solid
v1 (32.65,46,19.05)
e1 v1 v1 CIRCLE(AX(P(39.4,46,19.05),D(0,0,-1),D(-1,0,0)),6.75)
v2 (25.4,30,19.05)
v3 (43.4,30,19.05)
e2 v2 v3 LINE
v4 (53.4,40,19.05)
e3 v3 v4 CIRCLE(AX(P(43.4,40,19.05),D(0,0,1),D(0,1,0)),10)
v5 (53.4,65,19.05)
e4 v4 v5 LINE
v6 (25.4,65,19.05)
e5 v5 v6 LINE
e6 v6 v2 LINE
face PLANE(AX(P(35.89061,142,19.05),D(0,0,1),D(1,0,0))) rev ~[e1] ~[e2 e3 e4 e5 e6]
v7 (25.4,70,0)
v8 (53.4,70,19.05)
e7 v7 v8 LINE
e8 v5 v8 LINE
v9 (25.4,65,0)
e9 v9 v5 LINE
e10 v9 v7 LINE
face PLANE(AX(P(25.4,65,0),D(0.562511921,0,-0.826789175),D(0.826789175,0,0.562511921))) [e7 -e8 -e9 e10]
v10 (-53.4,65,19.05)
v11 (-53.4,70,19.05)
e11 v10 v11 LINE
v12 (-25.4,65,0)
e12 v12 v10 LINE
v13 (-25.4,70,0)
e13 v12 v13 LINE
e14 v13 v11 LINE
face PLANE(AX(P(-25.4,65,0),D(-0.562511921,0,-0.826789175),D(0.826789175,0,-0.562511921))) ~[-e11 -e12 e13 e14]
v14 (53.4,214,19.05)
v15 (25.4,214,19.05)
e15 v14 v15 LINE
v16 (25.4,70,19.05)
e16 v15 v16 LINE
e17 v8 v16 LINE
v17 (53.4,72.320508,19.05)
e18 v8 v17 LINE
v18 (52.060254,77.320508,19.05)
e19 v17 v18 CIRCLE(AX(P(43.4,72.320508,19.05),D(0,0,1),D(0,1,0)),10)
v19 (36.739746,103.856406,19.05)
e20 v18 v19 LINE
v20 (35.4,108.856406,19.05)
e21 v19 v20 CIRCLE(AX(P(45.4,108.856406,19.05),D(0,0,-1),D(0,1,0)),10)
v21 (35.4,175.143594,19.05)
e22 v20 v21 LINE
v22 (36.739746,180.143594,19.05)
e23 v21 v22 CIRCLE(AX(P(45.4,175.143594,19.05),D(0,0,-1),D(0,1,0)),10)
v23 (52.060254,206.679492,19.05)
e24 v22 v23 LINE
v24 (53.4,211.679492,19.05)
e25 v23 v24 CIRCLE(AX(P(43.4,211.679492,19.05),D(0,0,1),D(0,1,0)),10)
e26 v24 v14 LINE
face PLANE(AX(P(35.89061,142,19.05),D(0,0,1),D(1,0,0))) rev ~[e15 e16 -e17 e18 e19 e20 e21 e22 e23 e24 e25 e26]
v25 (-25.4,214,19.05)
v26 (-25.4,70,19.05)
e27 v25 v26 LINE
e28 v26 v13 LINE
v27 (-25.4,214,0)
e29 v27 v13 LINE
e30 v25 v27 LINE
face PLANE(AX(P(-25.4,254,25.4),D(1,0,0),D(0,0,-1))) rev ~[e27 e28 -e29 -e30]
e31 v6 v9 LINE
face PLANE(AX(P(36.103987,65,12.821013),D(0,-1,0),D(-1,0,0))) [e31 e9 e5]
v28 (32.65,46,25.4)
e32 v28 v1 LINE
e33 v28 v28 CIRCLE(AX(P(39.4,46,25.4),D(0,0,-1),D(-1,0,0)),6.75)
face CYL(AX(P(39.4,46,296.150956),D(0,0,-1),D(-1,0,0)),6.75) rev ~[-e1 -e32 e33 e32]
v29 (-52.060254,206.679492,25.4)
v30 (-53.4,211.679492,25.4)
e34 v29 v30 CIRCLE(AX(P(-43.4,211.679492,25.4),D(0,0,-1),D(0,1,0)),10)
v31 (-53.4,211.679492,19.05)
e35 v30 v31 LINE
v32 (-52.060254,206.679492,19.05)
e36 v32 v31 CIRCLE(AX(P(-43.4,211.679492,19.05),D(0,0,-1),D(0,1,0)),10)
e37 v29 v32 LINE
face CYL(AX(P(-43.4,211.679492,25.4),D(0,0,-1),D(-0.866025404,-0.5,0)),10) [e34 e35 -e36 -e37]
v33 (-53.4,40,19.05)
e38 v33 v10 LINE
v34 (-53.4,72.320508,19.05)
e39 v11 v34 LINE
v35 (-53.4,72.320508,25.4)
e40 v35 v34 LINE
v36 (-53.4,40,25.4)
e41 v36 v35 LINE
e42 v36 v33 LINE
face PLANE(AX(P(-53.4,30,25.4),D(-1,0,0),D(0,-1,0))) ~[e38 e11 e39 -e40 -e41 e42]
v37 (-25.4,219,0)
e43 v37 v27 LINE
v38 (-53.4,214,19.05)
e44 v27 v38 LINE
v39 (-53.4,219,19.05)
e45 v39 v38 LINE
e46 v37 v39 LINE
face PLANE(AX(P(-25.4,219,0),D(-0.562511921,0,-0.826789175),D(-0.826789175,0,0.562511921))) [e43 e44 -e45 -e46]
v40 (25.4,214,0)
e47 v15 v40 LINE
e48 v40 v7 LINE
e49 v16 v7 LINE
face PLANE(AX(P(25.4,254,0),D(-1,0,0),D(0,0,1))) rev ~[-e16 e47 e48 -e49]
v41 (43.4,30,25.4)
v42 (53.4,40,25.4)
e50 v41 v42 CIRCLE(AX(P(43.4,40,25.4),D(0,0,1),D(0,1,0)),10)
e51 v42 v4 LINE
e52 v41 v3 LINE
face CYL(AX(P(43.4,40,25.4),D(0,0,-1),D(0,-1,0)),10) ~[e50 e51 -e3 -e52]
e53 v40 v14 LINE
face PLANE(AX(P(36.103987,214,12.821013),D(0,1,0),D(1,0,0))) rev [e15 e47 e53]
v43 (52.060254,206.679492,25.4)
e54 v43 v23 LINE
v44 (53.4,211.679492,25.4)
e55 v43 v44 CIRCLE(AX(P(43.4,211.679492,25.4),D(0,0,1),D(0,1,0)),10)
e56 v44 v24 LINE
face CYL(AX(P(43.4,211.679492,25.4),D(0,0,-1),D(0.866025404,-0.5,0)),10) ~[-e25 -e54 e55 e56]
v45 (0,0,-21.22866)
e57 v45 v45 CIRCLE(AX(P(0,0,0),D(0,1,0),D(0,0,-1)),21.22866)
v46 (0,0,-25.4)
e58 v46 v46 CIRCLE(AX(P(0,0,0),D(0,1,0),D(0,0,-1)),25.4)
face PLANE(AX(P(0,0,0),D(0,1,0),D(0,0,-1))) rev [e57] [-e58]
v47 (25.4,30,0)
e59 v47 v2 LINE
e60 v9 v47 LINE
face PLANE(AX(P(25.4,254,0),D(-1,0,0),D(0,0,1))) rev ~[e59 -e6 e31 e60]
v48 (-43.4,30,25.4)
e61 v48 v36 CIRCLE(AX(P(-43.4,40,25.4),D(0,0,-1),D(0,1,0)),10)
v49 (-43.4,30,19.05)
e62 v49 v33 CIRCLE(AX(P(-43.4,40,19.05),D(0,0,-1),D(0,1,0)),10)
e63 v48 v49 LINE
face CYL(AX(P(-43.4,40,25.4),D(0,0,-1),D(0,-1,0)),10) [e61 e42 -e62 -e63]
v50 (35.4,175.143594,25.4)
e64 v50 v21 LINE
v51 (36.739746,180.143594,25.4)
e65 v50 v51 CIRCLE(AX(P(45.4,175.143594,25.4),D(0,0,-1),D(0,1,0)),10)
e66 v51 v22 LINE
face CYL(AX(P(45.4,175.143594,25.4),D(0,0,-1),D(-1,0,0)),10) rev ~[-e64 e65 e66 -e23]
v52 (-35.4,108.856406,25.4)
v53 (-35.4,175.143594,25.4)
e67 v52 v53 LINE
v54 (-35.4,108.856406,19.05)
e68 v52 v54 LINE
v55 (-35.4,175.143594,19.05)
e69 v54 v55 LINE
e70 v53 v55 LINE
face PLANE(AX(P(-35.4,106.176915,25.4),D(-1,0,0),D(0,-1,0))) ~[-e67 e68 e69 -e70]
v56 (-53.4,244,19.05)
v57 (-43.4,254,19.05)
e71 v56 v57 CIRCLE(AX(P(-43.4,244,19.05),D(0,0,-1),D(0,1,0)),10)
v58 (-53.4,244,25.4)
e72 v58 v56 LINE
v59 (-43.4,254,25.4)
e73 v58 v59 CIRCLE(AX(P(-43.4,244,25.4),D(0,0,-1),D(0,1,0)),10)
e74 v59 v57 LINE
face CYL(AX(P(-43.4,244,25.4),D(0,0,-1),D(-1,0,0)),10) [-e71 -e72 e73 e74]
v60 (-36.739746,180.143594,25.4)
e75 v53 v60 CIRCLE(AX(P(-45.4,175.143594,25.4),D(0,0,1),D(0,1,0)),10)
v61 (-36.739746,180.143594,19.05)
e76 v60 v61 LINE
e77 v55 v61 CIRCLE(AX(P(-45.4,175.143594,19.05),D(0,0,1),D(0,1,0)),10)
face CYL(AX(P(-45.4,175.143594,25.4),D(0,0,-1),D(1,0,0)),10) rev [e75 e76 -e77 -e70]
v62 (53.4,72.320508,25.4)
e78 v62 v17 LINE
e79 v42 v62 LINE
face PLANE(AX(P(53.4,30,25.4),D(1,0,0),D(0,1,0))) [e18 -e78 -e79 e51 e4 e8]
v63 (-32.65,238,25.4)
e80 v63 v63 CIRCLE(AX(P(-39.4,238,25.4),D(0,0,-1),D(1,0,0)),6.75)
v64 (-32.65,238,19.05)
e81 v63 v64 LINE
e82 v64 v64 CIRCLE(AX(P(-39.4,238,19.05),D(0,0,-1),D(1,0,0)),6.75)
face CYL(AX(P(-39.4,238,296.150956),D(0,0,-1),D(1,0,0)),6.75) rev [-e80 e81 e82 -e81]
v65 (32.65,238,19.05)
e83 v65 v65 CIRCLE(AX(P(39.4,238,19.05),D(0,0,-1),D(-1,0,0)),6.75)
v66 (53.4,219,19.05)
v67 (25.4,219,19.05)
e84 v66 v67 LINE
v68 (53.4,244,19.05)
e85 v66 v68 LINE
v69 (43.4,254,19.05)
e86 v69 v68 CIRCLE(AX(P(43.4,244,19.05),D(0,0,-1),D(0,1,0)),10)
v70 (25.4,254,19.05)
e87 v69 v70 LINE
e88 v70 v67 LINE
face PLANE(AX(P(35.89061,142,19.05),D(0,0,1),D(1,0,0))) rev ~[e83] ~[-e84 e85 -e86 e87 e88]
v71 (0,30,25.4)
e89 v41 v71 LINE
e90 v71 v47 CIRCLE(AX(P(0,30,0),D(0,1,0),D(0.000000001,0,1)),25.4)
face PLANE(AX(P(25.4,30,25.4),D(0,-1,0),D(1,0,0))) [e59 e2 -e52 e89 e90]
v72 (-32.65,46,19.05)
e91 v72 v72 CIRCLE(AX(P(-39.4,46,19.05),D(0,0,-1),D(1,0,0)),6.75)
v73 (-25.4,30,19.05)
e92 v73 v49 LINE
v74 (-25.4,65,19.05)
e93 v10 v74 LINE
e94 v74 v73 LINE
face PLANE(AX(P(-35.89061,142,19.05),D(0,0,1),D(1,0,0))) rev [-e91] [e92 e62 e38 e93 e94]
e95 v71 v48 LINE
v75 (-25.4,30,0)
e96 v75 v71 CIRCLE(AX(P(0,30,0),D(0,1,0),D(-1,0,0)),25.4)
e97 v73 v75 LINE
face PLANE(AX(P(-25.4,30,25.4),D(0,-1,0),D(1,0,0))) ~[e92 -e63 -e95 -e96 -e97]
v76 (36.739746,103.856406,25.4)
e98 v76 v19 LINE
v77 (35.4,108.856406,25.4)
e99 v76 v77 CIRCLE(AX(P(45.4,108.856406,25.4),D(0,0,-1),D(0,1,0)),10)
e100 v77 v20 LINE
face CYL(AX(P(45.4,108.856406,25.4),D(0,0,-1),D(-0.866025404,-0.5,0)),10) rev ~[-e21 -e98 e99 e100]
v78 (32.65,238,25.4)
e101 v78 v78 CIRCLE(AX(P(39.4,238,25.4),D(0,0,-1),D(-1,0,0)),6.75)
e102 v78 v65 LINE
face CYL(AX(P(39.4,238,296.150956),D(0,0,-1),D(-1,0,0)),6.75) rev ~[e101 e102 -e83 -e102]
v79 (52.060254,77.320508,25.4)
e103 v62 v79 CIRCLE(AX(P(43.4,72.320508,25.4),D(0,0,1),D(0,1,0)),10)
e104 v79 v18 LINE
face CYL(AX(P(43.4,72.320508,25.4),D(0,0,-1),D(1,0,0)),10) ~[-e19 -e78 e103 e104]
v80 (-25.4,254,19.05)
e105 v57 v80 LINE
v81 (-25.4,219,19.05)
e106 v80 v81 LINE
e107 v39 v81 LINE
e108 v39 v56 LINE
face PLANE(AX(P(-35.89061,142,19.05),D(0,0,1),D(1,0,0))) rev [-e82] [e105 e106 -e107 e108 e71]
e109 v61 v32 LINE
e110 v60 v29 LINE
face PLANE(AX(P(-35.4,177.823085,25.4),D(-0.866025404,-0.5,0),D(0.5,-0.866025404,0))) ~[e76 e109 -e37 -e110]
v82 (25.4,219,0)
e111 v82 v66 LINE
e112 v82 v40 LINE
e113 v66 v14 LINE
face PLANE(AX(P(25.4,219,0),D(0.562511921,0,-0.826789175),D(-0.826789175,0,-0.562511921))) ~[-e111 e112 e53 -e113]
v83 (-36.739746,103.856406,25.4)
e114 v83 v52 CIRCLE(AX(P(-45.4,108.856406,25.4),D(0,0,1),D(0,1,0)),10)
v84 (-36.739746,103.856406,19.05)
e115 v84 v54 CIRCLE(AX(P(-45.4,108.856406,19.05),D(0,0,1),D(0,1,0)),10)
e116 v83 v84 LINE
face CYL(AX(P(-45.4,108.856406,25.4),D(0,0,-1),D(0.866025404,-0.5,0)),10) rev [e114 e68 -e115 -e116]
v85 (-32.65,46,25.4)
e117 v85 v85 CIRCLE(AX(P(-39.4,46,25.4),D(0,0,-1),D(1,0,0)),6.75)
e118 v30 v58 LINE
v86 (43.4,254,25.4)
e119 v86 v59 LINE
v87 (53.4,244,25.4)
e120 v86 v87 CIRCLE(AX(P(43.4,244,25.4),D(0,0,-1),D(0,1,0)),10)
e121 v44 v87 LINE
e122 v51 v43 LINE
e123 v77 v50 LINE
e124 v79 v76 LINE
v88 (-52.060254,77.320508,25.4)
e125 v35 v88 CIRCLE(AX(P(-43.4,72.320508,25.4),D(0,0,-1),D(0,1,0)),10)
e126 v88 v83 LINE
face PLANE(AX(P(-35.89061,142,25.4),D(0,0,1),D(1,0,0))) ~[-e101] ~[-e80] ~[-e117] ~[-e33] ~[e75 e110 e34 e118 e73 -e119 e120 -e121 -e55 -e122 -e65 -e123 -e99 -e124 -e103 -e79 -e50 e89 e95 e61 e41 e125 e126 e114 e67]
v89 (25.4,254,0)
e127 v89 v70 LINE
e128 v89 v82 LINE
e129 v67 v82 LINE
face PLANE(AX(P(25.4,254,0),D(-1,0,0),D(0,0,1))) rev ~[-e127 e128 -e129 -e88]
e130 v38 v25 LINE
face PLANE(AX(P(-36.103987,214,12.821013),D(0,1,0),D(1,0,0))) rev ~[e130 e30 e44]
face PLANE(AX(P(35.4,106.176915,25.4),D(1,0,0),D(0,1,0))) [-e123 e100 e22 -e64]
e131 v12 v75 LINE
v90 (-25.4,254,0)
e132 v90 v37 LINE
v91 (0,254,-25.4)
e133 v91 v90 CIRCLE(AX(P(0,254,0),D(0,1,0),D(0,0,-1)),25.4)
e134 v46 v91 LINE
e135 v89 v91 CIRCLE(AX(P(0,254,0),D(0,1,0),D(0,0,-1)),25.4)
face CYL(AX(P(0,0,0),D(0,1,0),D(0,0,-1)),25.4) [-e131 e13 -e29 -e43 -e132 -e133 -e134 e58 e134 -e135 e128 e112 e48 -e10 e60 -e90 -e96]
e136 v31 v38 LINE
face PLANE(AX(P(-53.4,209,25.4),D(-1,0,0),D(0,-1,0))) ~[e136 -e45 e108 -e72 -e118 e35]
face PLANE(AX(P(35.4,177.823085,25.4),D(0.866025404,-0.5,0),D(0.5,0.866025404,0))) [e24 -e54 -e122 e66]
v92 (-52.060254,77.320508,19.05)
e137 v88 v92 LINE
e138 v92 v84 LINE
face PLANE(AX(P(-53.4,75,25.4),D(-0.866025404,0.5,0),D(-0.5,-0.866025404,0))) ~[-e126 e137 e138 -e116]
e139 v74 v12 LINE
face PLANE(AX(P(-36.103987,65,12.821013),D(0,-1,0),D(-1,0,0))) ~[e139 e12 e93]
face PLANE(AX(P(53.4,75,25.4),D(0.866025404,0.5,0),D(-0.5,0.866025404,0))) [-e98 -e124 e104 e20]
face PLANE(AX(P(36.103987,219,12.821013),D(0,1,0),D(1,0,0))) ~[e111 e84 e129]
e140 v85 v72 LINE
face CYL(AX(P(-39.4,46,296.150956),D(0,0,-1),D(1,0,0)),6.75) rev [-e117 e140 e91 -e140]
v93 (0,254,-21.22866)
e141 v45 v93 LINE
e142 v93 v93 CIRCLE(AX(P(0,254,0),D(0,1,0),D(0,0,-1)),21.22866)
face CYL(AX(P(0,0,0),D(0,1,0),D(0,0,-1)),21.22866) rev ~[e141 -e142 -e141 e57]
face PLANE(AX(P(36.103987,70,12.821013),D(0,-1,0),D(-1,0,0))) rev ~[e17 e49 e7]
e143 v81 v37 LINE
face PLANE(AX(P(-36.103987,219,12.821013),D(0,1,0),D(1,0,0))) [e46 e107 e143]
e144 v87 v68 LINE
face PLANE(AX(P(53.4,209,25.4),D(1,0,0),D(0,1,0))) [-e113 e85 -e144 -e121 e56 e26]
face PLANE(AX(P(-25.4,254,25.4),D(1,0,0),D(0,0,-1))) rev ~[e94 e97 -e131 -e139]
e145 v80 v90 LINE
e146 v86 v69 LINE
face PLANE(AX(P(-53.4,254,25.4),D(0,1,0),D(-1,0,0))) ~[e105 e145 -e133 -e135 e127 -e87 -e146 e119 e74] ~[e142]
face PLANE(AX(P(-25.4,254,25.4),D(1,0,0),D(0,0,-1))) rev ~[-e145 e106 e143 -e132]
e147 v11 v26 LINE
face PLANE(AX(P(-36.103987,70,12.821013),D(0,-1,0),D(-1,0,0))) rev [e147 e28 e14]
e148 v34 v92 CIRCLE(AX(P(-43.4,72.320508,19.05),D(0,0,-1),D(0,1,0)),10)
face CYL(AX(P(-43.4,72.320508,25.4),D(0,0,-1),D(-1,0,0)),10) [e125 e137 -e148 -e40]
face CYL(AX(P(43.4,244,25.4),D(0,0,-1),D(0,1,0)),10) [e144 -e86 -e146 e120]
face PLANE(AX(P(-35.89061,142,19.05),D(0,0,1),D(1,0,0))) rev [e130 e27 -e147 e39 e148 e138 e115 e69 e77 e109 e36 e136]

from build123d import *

# Parameters (mm, degrees)
BOSS_EXTRUDE1_START   = -224
BOSS_EXTRUDE1_DEPTH   = 224
BOSS_EXTRUDE2_DEPTH   = 6.35
BOSS_EXTRUDE3_DEPTH   = 5
M12_CLEARANCE_HOLE1_D = 13.5
FILLET1_R             = 10
MIRROR1_COPY_1_DEPTH  = 5
FILLET1_OF_MIRROR1_R  = 10


with BuildPart() as part:
    # Sketch12 → Revolve1 (revolve)
    with BuildSketch(Plane.XY, mode=Mode.PRIVATE) as revolve1_sk:
        Polygon((-25.4, 0), (-25.4, 254), (-21.22866, 254), (-21.22866, 127), (-21.22866, 0), align=None)
    revolve(revolve1_sk.sketch.rotate(Axis((0, 0, 0), (0, 1, 0)), 270), axis=Axis((0, 0, 0), (0, 1, 0)))

    # Sketch14 → Boss-Extrude1 (add)
    with BuildSketch(Plane(origin=(0, 30, 0), x_dir=(-1, 0, 0), z_dir=(0, -1, 0)).offset(BOSS_EXTRUDE1_START)):
        with BuildLine():
            Line((-25.4, 0), (-25.4, -25.4))
            Line((-25.4, -25.4), (-3.2e-08, -25.4))
            ThreePointArc((-3.2e-08, -25.4), (-17.960512254, -17.960512231), (-25.4, 0))
        make_face()
        with BuildLine():
            ThreePointArc((25.4, 0), (17.960512231, -17.960512254), (-3.2e-08, -25.4))
            Line((-3.2e-08, -25.4), (25.4, -25.4))
            Line((25.4, -25.4), (25.4, 0))
        make_face()
    extrude(amount=BOSS_EXTRUDE1_DEPTH)

    # Sketch27 → Boss-Extrude2 (add)
    with BuildSketch(Plane.XY.offset(25.4)):
        Polygon((25.4, 254), (25.4, 30), (53.4, 30), (53.4, 75), (35.4, 106.176914536), (35.4, 177.823085464), (53.4, 209), (53.4, 254), align=None)
    boss_extrude2 = extrude(amount=-BOSS_EXTRUDE2_DEPTH)

    # Sketch32 → Boss-Extrude3 (add)
    with BuildSketch(Plane(origin=(0, 65, 0), x_dir=(-1, 0, 0), z_dir=(0, -1, 0))):
        Polygon((-53.4, -19.05), (-25.4, -19.05), (-25.4, 0), align=None)
    boss_extrude3 = extrude(amount=-BOSS_EXTRUDE3_DEPTH)

    # Mirror2: Boss-Extrude3 across plane
    add(boss_extrude3.mirror(Plane(origin=(0, 142, 0), x_dir=(0, 0, 1), z_dir=(0, -1, 0))))

    # M12 Clearance Hole1 (through all)
    with Locations(Plane.XY.offset(25.4)):
        with Locations((39.4, 46), (39.4, 238)):
            m12_clearance_hole1 = Hole(M12_CLEARANCE_HOLE1_D / 2)

    # Fillet1
    fillet1_edges = [part.edges().sort_by_distance(p)[0] for p in [
        (53.4, 254, 22.225),
        (53.4, 209, 22.225),
        (35.4, 177.823085464, 22.225),
        (35.4, 106.176914536, 22.225),
        (53.4, 75, 22.225),
        (53.4, 30, 22.225),
    ]]
    fillet(fillet1_edges, radius=FILLET1_R)

    # Mirror1: Boss-Extrude2, Boss-Extrude3, M12 Clearance Hole1 across plane
    add(boss_extrude2.mirror(Plane(origin=(0, 0, 0), x_dir=(0, 0, 1), z_dir=(1, 0, 0))))
    add(boss_extrude3.mirror(Plane(origin=(0, 0, 0), x_dir=(0, 0, 1), z_dir=(1, 0, 0))))
    add(m12_clearance_hole1.mirror(Plane(origin=(0, 0, 0), x_dir=(0, 0, 1), z_dir=(1, 0, 0))), mode=Mode.SUBTRACT)

    # Mirror1 copy 1 sketch → Mirror1 copy 1 (add)
    with BuildSketch(Plane(origin=(0, 219, 0), x_dir=(1, 0, 0), z_dir=(0, 1, 0))):
        Polygon((-53.4, -19.05), (-25.4, -19.05), (-25.4, 0), align=None)
    extrude(amount=-MIRROR1_COPY_1_DEPTH)

    # Fillet1 of Mirror1
    fillet1_of_mirror1_edges = [part.edges().sort_by_distance(p)[0] for p in [
        (-53.4, 254, 22.225),
        (-53.4, 209, 22.225),
        (-35.4, 177.823085464, 22.225),
        (-35.4, 106.176914536, 22.225),
        (-53.4, 75, 22.225),
        (-53.4, 30, 22.225),
    ]]
    fillet(fillet1_of_mirror1_edges, radius=FILLET1_OF_MIRROR1_R)


solid = part.part
